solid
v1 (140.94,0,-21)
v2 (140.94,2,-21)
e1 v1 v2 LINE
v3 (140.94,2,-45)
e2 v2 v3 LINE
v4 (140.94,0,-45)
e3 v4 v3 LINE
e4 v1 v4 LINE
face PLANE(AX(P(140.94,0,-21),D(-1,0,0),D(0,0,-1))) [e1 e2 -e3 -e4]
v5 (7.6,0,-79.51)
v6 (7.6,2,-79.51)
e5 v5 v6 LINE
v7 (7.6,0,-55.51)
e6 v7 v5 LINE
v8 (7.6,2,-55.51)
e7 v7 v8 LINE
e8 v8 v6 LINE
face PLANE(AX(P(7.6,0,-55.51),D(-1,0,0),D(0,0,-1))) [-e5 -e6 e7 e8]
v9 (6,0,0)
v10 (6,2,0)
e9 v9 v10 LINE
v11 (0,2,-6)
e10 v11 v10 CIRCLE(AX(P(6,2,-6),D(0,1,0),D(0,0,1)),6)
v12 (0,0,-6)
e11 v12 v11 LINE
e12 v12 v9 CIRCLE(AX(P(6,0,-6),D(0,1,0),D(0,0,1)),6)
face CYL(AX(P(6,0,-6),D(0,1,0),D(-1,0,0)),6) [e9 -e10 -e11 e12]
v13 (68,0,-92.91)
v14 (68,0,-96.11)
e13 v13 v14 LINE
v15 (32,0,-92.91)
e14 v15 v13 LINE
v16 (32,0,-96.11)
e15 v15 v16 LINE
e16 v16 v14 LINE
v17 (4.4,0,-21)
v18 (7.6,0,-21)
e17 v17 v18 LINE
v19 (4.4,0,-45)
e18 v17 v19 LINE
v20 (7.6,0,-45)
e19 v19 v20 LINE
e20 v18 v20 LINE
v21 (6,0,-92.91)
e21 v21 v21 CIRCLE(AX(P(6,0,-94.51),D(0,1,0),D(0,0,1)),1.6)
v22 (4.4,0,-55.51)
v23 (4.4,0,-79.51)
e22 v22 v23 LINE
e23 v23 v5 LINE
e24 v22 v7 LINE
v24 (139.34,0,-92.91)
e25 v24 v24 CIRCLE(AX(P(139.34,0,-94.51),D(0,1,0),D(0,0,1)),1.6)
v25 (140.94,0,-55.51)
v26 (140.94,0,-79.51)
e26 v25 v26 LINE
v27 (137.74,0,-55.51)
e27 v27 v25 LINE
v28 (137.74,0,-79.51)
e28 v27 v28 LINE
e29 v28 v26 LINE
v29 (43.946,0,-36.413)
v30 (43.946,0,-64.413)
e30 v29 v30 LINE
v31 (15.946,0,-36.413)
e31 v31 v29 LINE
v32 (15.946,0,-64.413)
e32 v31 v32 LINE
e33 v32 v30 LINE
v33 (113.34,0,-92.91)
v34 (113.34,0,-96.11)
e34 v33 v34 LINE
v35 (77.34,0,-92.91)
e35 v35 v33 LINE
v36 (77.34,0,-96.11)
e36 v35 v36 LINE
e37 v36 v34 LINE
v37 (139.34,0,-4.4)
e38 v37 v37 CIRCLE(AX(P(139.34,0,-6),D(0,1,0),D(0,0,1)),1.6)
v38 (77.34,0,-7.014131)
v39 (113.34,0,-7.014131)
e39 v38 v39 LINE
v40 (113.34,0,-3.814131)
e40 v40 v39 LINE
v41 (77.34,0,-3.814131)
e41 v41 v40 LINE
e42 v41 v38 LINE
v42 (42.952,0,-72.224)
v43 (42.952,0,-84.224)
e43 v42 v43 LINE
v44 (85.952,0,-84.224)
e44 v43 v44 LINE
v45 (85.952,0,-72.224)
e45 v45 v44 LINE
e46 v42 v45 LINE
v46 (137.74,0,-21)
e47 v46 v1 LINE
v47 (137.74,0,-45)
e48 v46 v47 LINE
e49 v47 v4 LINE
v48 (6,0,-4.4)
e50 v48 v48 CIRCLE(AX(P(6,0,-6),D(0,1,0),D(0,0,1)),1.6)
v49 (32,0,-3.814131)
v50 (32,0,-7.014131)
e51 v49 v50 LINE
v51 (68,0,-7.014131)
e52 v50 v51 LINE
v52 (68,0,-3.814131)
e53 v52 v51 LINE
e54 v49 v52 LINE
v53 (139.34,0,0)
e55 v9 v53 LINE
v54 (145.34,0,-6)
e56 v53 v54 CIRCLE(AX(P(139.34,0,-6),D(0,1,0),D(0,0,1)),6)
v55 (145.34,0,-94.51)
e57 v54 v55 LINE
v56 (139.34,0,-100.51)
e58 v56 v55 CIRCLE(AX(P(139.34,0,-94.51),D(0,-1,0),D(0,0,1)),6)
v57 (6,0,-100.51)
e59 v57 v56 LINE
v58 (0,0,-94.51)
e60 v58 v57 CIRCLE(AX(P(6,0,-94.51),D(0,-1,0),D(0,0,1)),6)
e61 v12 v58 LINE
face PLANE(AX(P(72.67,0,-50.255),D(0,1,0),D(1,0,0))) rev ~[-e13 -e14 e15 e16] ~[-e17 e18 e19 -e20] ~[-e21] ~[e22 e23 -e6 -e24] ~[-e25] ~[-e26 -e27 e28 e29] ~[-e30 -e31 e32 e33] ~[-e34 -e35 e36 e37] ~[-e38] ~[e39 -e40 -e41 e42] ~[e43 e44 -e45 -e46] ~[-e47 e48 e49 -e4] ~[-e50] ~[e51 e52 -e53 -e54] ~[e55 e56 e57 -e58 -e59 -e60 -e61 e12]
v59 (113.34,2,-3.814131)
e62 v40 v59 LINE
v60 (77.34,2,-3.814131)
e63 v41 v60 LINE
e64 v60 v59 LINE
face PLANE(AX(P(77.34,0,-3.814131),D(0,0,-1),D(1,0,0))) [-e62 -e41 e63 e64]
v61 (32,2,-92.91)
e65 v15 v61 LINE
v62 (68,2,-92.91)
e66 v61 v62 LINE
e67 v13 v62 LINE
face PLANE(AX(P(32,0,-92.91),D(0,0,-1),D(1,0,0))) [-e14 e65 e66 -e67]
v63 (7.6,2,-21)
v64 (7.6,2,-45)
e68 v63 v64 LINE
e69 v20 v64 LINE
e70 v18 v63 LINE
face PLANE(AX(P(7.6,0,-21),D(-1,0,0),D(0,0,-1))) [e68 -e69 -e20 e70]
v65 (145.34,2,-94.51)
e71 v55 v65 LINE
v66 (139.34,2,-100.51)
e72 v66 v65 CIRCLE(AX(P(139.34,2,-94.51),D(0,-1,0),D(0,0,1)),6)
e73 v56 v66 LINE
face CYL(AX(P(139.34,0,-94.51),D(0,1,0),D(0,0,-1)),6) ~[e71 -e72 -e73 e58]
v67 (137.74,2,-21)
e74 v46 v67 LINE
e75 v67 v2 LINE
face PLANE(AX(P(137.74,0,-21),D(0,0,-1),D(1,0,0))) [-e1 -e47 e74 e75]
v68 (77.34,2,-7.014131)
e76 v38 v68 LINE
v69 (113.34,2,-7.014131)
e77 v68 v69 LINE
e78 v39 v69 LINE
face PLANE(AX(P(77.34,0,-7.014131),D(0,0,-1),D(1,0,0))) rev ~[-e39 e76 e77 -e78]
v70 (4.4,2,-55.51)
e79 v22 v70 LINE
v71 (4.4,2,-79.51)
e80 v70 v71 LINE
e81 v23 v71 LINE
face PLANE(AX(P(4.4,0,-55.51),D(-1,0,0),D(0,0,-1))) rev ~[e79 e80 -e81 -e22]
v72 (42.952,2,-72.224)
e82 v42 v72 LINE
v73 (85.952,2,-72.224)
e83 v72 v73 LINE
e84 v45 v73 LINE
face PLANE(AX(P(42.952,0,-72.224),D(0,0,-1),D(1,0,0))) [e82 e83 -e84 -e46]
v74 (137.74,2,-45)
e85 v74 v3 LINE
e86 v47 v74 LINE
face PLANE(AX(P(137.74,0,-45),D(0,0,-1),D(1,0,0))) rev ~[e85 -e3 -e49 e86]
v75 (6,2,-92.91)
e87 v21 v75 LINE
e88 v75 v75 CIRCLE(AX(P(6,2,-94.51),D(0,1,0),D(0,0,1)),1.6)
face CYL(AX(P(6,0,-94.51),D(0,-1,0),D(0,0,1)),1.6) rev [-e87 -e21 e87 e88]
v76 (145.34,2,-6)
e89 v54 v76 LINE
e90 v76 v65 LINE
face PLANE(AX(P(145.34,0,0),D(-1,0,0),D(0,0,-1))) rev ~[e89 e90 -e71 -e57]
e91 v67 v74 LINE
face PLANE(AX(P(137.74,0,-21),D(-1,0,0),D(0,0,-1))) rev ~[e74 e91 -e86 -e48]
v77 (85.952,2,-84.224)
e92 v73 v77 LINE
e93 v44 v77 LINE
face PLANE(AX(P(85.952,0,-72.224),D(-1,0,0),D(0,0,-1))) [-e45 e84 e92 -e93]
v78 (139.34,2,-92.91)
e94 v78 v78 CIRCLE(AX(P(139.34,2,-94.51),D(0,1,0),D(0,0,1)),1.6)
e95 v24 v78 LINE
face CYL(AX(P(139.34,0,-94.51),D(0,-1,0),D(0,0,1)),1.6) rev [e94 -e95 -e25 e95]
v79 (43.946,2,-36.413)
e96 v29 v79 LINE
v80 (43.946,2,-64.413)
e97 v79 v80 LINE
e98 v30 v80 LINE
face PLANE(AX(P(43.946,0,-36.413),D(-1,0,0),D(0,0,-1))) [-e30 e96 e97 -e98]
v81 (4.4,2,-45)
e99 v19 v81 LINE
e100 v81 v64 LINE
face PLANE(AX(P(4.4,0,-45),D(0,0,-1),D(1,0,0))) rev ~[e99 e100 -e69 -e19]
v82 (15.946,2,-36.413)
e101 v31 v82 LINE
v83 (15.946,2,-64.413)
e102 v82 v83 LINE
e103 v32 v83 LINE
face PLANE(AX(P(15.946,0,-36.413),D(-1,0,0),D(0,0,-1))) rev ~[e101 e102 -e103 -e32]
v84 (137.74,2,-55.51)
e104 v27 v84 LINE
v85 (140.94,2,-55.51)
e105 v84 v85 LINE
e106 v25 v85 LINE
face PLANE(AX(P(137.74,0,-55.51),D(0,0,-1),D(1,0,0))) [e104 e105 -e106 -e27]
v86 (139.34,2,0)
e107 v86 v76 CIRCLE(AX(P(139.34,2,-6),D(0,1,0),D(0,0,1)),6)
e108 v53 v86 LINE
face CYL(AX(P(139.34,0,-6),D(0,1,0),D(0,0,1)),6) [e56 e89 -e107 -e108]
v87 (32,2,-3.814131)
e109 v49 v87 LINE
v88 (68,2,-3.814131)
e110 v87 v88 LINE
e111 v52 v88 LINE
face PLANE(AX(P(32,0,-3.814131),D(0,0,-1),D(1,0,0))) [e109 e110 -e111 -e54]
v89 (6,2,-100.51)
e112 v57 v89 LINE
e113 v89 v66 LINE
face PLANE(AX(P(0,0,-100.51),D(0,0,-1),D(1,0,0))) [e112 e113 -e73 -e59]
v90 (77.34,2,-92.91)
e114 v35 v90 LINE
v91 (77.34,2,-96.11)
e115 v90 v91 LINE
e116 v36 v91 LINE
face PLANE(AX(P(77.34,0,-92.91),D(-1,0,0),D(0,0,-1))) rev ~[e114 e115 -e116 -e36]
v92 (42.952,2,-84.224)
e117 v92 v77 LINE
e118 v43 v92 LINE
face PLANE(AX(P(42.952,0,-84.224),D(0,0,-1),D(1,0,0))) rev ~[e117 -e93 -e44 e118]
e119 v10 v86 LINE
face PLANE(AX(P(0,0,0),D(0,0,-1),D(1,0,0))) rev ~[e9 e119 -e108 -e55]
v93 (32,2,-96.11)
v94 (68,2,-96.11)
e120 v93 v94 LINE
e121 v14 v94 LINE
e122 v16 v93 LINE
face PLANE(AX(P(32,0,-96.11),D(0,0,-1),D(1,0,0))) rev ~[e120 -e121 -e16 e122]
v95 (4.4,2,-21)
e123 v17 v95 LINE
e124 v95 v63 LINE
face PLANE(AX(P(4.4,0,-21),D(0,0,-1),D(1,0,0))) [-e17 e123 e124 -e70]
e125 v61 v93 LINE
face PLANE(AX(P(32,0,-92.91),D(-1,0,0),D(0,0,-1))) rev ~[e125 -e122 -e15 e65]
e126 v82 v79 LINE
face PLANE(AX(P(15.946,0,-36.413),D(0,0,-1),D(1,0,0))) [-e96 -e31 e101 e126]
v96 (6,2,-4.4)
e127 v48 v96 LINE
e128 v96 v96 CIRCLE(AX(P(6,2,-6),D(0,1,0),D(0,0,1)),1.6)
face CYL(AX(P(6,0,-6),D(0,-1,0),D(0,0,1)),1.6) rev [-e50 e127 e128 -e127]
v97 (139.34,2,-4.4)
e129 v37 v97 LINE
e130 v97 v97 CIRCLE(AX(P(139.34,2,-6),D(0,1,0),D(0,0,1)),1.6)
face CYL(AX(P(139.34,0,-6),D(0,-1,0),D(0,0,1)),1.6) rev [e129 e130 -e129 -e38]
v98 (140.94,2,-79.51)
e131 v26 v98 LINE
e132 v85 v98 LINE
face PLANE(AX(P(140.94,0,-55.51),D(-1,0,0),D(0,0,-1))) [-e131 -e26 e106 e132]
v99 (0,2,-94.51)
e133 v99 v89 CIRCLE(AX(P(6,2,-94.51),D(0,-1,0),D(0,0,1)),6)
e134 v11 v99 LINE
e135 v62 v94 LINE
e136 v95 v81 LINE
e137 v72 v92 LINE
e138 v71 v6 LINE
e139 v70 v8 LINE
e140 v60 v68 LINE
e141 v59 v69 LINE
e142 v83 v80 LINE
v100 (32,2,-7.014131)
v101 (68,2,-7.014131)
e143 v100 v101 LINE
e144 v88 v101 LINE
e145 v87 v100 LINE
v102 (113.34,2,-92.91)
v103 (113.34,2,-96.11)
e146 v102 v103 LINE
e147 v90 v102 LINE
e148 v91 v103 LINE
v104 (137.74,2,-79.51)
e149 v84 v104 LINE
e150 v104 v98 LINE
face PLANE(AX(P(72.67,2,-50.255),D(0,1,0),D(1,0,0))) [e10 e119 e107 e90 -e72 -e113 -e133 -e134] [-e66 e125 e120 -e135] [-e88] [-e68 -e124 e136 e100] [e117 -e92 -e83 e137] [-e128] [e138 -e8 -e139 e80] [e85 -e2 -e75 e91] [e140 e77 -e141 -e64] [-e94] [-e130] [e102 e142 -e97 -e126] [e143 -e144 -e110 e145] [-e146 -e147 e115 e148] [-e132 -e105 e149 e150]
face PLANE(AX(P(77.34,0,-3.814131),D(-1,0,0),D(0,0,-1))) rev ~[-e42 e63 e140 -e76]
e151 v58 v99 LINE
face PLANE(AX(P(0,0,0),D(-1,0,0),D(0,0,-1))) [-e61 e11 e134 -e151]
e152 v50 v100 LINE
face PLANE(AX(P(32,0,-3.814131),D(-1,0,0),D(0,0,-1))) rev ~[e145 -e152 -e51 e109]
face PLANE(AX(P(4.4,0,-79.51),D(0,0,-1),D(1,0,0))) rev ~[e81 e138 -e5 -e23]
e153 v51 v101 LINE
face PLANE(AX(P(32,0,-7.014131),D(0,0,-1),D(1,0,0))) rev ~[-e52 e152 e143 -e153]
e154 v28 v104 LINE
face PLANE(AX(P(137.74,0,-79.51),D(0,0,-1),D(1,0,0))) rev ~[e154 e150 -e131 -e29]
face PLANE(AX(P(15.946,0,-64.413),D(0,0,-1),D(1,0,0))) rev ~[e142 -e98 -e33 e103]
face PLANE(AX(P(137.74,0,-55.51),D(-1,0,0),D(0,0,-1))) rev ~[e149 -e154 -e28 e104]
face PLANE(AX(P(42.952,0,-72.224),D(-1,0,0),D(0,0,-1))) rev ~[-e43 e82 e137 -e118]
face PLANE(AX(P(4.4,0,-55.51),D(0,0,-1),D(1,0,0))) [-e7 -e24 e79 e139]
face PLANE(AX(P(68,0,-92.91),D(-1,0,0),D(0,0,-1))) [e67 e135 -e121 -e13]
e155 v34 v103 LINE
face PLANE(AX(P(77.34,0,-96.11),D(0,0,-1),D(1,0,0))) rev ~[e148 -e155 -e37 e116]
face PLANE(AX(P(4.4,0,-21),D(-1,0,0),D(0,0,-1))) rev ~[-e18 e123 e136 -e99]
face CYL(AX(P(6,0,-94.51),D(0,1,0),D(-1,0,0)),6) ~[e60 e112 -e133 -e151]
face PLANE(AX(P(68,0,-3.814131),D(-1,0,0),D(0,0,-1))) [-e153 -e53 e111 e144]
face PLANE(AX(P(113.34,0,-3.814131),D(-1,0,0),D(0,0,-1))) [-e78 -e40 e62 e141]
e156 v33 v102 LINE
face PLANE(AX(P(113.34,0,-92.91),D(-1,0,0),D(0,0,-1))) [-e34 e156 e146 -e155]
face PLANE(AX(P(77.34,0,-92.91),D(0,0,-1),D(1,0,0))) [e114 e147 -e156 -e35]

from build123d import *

# Parameters (mm, degrees)
SKETCH1_W           = 145.34
SKETCH1_H           = 100.51
SKETCH1_R           = 1.6
SKETCH1_W_2         = 36
SKETCH1_H_2         = 3.2
SKETCH1_W_3         = 3.2
SKETCH1_H_3         = 24
SKETCH1_W_4         = 28
SKETCH1_H_4         = 28
SKETCH1_W_5         = 43
SKETCH1_H_5         = 12
BOSS_EXTRUDE1_DEPTH = 2
FILLET1_R           = 6
FILLET2_R           = 6
FILLET3_R           = 6


with BuildPart() as part:
    # Sketch1 → Boss-Extrude1 (new body)
    with BuildSketch(Plane(origin=(0, 0, 0), x_dir=(1, 0, 0), z_dir=(0, 1, 0))):
        with Locations((72.67, 50.255)):
            Rectangle(SKETCH1_W, SKETCH1_H)
        with Locations(Location((6, 94.51, 0), (0, 0, 270))):
            Circle(SKETCH1_R, mode=Mode.SUBTRACT)
        with Locations(Location((139.34, 94.51, 0), (0, 0, 270))):
            Circle(SKETCH1_R, mode=Mode.SUBTRACT)
        with Locations(Location((139.34, 6, 0), (0, 0, 270))):
            Circle(SKETCH1_R, mode=Mode.SUBTRACT)
        with Locations(Location((6, 6, 0), (0, 0, 270))):
            Circle(SKETCH1_R, mode=Mode.SUBTRACT)
        with Locations((50, 5.414130674)):
            Rectangle(SKETCH1_W_2, SKETCH1_H_2, mode=Mode.SUBTRACT)
        with Locations((50, 94.51)):
            Rectangle(SKETCH1_W_2, SKETCH1_H_2, mode=Mode.SUBTRACT)
        with Locations((95.34, 94.51)):
            Rectangle(SKETCH1_W_2, SKETCH1_H_2, mode=Mode.SUBTRACT)
        with Locations((95.34, 5.414130674)):
            Rectangle(SKETCH1_W_2, SKETCH1_H_2, mode=Mode.SUBTRACT)
        with Locations((6, 67.51)):
            Rectangle(SKETCH1_W_3, SKETCH1_H_3, mode=Mode.SUBTRACT)
        with Locations((6, 33)):
            Rectangle(SKETCH1_W_3, SKETCH1_H_3, mode=Mode.SUBTRACT)
        with Locations((139.34, 67.51)):
            Rectangle(SKETCH1_W_3, SKETCH1_H_3, mode=Mode.SUBTRACT)
        with Locations((139.34, 33)):
            Rectangle(SKETCH1_W_3, SKETCH1_H_3, mode=Mode.SUBTRACT)
        with Locations((29.946, 50.413)):
            Rectangle(SKETCH1_W_4, SKETCH1_H_4, mode=Mode.SUBTRACT)
        with Locations((64.452, 78.224)):
            Rectangle(SKETCH1_W_5, SKETCH1_H_5, mode=Mode.SUBTRACT)
    extrude(amount=BOSS_EXTRUDE1_DEPTH)

    # Fillet1
    fillet1_edges = [part.edges().sort_by_distance(p)[0] for p in [
        (0, 1, -100.51),
    ]]
    fillet(fillet1_edges, radius=FILLET1_R)

    # Fillet2
    fillet2_edges = [part.edges().sort_by_distance(p)[0] for p in [
        (0, 1, 0),
    ]]
    fillet(fillet2_edges, radius=FILLET2_R)

    # Fillet3
    fillet3_edges = [part.edges().sort_by_distance(p)[0] for p in [
        (145.34, 1, -100.51),
        (145.34, 1, 0),
    ]]
    fillet(fillet3_edges, radius=FILLET3_R)


solid = part.part
